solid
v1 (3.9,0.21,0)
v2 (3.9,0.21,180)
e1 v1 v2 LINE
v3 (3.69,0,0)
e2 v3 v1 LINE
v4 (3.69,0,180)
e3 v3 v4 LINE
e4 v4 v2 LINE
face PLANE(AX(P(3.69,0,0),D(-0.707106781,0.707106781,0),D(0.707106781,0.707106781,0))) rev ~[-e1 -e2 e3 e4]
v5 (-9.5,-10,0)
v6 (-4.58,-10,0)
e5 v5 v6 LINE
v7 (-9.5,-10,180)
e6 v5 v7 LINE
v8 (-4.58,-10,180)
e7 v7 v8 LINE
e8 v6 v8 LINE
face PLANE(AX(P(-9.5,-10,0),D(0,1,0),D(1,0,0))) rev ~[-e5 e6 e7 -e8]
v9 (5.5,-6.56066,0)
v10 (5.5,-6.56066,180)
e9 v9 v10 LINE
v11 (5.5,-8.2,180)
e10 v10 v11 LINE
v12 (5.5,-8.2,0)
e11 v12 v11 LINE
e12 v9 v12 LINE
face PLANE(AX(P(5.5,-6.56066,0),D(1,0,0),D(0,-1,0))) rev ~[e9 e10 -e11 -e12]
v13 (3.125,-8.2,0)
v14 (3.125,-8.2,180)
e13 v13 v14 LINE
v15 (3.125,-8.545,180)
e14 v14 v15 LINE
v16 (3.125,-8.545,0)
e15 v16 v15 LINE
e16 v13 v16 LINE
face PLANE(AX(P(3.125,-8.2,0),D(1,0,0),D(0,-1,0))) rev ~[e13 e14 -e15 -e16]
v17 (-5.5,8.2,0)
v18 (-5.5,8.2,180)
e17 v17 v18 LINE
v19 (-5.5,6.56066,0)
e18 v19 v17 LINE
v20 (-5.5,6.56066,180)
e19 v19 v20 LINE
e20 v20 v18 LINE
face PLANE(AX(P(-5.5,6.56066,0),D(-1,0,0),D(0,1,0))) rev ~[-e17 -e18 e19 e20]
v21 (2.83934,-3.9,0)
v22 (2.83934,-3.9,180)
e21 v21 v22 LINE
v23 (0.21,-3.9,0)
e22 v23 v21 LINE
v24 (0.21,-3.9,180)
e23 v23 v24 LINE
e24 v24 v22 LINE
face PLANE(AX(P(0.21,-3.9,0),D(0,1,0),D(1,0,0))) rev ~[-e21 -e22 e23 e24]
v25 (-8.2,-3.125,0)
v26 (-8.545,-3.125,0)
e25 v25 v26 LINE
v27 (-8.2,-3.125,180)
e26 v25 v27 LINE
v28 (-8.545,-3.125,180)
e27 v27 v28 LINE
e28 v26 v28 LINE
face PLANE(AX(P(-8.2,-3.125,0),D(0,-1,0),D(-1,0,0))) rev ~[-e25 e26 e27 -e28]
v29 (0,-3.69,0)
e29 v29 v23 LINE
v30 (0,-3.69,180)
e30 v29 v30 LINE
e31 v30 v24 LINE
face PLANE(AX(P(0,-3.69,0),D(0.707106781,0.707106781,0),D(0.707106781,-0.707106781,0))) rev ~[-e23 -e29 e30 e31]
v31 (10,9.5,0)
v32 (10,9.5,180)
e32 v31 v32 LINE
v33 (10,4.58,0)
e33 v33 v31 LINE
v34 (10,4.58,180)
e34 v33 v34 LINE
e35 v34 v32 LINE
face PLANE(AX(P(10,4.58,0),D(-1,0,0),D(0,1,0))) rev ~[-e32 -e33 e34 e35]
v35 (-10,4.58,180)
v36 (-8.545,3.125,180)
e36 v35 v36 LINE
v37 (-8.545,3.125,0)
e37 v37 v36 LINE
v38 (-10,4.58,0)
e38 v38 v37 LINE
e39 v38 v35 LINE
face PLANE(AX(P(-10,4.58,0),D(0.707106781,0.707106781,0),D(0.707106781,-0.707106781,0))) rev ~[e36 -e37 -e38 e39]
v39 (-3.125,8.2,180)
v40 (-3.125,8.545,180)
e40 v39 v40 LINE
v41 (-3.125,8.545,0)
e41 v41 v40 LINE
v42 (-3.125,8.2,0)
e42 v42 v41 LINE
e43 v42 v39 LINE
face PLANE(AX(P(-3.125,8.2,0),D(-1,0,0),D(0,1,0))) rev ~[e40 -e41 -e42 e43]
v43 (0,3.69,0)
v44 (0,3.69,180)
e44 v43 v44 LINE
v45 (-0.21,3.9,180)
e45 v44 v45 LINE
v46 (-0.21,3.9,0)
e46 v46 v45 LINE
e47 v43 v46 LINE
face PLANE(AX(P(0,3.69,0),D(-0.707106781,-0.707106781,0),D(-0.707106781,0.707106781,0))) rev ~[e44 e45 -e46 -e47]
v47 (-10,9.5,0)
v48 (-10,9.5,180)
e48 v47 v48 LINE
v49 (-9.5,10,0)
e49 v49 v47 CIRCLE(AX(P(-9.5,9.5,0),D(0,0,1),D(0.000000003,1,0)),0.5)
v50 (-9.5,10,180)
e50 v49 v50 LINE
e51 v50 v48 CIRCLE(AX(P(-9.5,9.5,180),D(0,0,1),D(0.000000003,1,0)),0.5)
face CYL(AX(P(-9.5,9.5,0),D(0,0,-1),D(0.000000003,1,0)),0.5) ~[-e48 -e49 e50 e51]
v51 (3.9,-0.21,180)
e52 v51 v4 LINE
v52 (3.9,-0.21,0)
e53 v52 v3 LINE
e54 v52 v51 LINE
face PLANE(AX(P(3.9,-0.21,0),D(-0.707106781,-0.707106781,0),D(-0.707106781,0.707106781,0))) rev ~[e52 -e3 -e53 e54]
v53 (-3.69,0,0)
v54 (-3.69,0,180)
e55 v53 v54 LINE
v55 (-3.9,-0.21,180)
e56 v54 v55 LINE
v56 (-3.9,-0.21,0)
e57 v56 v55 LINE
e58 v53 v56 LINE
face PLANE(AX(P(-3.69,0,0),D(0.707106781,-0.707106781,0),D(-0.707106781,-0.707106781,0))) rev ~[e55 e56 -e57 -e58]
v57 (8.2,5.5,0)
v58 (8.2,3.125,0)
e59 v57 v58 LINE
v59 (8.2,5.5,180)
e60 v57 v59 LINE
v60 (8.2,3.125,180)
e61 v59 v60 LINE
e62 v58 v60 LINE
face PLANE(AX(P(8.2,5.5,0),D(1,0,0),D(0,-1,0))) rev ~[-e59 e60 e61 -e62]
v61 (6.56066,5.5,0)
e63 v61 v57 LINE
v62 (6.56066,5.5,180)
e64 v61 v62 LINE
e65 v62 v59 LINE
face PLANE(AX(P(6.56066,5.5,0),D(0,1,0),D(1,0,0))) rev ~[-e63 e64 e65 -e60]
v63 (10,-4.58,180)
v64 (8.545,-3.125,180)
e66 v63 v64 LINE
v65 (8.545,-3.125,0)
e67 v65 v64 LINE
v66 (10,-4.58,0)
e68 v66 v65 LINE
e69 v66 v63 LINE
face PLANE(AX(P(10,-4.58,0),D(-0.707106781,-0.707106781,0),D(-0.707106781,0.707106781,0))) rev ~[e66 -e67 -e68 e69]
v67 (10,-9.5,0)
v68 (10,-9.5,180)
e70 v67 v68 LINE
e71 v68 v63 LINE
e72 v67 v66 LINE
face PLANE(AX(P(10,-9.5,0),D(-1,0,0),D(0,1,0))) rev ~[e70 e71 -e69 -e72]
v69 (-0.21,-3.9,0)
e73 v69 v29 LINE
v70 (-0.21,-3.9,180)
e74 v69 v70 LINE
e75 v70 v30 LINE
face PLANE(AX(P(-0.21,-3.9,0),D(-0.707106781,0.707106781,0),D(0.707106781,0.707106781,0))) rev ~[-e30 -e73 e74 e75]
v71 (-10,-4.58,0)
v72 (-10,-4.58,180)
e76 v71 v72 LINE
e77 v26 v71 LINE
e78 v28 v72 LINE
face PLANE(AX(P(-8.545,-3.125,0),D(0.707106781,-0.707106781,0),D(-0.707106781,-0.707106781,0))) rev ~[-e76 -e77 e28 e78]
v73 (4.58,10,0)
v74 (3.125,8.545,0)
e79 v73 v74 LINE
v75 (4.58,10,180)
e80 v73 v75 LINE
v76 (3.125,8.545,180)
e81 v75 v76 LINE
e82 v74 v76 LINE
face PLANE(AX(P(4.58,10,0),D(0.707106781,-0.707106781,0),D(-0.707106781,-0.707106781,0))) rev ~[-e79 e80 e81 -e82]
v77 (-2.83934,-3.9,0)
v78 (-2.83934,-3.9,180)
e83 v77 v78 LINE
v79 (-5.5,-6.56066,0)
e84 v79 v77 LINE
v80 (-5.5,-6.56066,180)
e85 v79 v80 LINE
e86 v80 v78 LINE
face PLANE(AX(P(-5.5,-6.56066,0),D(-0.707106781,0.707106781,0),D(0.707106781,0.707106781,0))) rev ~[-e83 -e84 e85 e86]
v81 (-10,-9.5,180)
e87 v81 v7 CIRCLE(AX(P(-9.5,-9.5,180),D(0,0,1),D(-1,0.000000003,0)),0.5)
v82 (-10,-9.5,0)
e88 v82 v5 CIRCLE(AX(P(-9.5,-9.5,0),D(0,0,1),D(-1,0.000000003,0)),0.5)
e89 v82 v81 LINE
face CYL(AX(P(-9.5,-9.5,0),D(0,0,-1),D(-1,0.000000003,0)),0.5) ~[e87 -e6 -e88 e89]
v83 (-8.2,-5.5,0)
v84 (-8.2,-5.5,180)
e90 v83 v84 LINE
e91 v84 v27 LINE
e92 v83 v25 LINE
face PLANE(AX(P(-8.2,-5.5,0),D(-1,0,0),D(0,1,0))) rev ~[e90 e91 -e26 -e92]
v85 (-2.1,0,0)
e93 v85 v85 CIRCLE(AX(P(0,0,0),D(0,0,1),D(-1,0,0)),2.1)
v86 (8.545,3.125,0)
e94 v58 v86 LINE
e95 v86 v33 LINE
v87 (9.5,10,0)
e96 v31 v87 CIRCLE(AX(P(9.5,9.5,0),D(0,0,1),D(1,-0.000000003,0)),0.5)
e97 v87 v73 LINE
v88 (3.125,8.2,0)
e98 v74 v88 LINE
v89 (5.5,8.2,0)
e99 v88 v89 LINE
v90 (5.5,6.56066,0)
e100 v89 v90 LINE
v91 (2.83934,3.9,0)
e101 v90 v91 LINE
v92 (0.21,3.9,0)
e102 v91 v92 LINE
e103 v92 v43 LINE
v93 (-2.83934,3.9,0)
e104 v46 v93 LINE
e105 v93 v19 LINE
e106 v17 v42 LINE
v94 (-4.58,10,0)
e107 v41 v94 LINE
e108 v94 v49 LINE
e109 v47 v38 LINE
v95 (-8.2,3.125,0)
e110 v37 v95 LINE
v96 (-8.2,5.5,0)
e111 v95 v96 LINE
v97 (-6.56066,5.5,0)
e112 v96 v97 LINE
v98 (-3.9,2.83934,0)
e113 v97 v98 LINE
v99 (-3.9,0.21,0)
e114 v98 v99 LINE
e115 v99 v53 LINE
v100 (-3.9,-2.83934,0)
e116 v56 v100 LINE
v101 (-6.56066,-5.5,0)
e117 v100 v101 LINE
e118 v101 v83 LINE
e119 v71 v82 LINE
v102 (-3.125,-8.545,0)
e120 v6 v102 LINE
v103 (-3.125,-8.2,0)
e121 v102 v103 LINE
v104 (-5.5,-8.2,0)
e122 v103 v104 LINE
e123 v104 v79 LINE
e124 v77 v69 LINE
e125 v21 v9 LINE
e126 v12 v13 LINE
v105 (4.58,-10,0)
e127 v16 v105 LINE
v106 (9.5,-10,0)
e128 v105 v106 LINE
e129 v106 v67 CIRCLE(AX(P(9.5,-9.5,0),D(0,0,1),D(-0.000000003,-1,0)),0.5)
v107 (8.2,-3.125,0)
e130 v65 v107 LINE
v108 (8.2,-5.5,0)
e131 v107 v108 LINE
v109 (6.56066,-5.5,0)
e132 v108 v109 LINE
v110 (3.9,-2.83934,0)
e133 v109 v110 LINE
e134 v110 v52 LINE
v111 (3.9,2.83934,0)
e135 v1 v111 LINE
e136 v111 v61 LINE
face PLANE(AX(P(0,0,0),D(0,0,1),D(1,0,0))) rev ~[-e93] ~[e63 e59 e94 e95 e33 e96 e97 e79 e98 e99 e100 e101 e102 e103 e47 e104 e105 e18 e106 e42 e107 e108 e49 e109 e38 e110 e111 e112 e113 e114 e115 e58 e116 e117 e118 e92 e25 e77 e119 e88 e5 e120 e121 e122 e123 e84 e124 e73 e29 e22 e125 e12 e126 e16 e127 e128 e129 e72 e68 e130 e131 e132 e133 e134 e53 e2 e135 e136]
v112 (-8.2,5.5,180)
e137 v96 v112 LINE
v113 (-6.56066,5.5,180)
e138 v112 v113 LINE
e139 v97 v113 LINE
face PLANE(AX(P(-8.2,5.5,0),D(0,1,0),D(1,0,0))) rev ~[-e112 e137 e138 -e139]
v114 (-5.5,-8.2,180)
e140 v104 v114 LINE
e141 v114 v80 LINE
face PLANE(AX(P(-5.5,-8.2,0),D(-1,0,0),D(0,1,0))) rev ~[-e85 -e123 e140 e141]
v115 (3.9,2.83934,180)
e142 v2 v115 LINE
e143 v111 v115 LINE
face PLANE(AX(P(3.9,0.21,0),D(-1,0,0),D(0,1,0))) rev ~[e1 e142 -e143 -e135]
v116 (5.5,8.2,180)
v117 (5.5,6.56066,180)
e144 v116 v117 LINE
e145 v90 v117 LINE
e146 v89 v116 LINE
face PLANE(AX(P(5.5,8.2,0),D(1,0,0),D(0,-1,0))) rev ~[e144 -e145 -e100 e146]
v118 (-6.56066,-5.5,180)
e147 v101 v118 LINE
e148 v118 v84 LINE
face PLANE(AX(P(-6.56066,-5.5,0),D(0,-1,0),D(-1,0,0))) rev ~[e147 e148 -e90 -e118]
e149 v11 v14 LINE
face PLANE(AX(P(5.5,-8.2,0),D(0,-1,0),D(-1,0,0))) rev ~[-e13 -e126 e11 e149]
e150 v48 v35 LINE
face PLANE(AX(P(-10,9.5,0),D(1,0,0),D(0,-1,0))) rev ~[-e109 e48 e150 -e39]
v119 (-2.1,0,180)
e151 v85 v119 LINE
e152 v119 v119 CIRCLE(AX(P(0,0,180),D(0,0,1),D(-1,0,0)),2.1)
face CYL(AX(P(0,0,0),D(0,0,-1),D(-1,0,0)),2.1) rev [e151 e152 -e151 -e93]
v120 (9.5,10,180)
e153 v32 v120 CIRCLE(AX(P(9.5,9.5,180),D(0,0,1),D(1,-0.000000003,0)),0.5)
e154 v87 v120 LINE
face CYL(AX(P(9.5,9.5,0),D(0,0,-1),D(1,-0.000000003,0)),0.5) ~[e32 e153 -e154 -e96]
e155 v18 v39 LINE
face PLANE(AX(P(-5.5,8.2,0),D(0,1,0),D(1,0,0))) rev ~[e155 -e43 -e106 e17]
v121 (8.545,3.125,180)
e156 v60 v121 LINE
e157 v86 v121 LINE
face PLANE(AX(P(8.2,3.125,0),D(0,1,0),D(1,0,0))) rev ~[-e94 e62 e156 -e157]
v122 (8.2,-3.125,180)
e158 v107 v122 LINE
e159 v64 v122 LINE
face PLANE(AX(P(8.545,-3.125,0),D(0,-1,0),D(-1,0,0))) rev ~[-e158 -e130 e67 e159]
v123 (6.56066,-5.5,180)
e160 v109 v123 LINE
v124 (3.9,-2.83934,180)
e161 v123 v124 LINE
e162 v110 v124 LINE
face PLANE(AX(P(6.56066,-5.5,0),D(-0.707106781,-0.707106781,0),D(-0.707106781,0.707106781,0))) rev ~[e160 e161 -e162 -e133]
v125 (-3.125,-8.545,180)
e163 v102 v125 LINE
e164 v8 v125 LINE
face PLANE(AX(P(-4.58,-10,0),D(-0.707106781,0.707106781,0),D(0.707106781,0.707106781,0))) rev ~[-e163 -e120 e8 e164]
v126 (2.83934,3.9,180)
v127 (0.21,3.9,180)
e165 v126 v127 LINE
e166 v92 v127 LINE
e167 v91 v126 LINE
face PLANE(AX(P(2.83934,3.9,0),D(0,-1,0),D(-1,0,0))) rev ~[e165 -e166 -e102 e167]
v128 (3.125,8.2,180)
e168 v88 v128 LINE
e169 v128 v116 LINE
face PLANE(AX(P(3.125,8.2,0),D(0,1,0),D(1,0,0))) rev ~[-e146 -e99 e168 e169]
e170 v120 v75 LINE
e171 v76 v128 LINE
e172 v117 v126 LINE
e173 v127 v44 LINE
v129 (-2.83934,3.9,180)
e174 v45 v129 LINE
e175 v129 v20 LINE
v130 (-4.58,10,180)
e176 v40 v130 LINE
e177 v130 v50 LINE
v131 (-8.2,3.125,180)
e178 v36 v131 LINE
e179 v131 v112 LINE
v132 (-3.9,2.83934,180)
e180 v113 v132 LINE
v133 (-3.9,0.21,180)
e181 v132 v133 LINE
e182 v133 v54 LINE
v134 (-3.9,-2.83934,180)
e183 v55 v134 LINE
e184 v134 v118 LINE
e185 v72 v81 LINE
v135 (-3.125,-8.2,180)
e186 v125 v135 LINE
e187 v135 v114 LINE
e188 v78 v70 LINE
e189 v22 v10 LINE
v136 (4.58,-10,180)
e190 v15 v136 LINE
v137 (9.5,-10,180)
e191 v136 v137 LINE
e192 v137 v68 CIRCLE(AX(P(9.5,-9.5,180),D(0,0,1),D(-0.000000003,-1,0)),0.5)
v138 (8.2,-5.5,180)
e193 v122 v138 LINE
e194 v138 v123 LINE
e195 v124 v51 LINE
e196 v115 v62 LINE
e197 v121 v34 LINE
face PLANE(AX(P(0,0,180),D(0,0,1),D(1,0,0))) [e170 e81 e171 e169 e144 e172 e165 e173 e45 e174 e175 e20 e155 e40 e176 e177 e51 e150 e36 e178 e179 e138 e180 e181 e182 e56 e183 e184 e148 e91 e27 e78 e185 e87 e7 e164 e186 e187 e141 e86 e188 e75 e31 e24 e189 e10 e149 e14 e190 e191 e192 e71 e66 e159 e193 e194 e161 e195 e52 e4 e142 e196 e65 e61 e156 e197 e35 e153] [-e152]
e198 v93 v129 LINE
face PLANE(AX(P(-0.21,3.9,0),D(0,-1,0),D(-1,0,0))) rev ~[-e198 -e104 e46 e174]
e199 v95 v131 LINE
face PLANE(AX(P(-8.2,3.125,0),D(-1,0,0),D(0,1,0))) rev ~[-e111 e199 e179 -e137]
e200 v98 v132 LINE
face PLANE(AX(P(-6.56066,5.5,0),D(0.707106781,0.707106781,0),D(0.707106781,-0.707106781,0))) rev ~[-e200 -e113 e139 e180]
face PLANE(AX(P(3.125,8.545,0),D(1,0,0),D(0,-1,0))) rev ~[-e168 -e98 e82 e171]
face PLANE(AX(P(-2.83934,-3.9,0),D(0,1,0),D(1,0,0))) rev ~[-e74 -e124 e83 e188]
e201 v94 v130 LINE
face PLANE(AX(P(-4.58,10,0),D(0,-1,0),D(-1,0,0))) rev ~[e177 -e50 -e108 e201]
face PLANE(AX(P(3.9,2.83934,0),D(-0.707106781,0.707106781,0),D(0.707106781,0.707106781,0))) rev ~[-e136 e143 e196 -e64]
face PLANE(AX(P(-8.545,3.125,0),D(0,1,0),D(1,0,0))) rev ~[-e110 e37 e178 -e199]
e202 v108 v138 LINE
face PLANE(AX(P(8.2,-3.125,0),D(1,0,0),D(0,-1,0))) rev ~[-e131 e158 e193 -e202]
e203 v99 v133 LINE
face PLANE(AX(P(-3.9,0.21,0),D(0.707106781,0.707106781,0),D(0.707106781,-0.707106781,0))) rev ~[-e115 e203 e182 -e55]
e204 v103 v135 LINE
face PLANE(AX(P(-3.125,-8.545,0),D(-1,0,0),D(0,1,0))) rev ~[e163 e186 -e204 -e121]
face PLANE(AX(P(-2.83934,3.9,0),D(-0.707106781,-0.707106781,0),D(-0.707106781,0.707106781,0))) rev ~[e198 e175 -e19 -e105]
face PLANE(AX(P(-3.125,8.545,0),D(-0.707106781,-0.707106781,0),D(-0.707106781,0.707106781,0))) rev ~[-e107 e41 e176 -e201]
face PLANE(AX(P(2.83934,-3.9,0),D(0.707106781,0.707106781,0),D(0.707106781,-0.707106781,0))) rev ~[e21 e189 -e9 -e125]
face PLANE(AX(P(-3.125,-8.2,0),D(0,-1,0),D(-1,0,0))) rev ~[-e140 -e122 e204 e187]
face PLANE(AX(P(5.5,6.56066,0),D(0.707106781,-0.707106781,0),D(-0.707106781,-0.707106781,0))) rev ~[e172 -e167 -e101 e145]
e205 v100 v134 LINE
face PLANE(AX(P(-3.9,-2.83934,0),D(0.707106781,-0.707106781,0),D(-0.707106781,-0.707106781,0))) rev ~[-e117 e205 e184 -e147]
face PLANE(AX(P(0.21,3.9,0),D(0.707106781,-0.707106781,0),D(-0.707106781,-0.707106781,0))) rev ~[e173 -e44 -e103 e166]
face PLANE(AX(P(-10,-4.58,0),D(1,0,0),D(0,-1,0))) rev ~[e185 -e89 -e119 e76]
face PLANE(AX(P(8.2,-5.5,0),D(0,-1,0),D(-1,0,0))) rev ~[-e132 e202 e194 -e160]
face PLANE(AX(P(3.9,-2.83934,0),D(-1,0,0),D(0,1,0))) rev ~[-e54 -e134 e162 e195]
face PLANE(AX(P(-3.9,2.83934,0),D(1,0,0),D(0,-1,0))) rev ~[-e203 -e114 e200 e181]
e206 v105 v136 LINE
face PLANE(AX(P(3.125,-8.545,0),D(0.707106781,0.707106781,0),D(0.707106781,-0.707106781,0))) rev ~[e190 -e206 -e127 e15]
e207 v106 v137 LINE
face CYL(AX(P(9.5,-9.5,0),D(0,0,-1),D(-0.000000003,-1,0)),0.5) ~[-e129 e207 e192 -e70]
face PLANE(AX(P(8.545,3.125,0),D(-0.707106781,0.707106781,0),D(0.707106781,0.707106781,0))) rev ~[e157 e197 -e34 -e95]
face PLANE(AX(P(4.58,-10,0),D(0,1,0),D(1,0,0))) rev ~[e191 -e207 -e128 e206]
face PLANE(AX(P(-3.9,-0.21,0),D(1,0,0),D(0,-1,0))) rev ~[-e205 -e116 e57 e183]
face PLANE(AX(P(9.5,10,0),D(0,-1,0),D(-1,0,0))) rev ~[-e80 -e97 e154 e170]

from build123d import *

# Parameters (mm, degrees)
SKETCH1_R           = 2.1
BOSS_EXTRUDE1_DEPTH = 180


with BuildPart() as part:
    # Sketch1 → Boss-Extrude1 (new body)
    with BuildSketch(Plane.XY):
        with BuildLine():
            Line((4.58, -10), (9.5, -10))
            ThreePointArc((9.5, -10), (9.853553391, -9.853553391), (10, -9.5))
            Line((10, -9.5), (10, -4.58))
            Line((10, -4.58), (8.545, -3.125))
            Line((8.545, -3.125), (8.2, -3.125))
            Line((8.2, -3.125), (8.2, -5.5))
            Line((8.2, -5.5), (6.560660172, -5.5))
            Line((6.560660172, -5.5), (3.9, -2.839339828))
            Line((3.9, -2.839339828), (3.9, -0.21))
            Line((3.9, -0.21), (3.69, 0))
            Line((3.69, 0), (3.9, 0.21))
            Line((3.9, 0.21), (3.9, 2.839339828))
            Line((3.9, 2.839339828), (6.560660172, 5.5))
            Line((6.560660172, 5.5), (8.2, 5.5))
            Line((8.2, 5.5), (8.2, 3.125))
            Line((8.2, 3.125), (8.545, 3.125))
            Line((8.545, 3.125), (10, 4.58))
            Line((10, 4.58), (10, 9.5))
            ThreePointArc((10, 9.5), (9.853553391, 9.853553391), (9.5, 10))
            Line((9.5, 10), (4.58, 10))
            Line((4.58, 10), (3.125, 8.545))
            Line((3.125, 8.545), (3.125, 8.2))
            Line((3.125, 8.2), (5.5, 8.2))
            Line((5.5, 8.2), (5.5, 6.560660172))
            Line((5.5, 6.560660172), (2.839339828, 3.9))
            Line((2.839339828, 3.9), (0.21, 3.9))
            Line((0.21, 3.9), (0, 3.69))
            Line((0, 3.69), (-0.21, 3.9))
            Line((-0.21, 3.9), (-2.839339828, 3.9))
            Line((-2.839339828, 3.9), (-5.5, 6.560660172))
            Line((-5.5, 6.560660172), (-5.5, 8.2))
            Line((-5.5, 8.2), (-3.125, 8.2))
            Line((-3.125, 8.2), (-3.125, 8.545))
            Line((-3.125, 8.545), (-4.58, 10))
            Line((-4.58, 10), (-9.5, 10))
            ThreePointArc((-9.5, 10), (-9.853553391, 9.853553391), (-10, 9.5))
            Line((-10, 9.5), (-10, 4.58))
            Line((-10, 4.58), (-8.545, 3.125))
            Line((-8.545, 3.125), (-8.2, 3.125))
            Line((-8.2, 3.125), (-8.2, 5.5))
            Line((-8.2, 5.5), (-6.560660172, 5.5))
            Line((-6.560660172, 5.5), (-3.9, 2.839339828))
            Line((-3.9, 2.839339828), (-3.9, 0.21))
            Line((-3.9, 0.21), (-3.69, 0))
            Line((-3.69, 0), (-3.9, -0.21))
            Line((-3.9, -0.21), (-3.9, -2.839339828))
            Line((-3.9, -2.839339828), (-6.560660172, -5.5))
            Line((-6.560660172, -5.5), (-8.2, -5.5))
            Line((-8.2, -5.5), (-8.2, -3.125))
            Line((-8.2, -3.125), (-8.545, -3.125))
            Line((-8.545, -3.125), (-10, -4.58))
            Line((-10, -4.58), (-10, -9.5))
            ThreePointArc((-10, -9.5), (-9.853553391, -9.853553391), (-9.5, -10))
            Line((-9.5, -10), (-4.58, -10))
            Line((-4.58, -10), (-3.125, -8.545))
            Line((-3.125, -8.545), (-3.125, -8.2))
            Line((-3.125, -8.2), (-5.5, -8.2))
            Line((-5.5, -8.2), (-5.5, -6.560660172))
            Line((-5.5, -6.560660172), (-2.839339828, -3.9))
            Line((-2.839339828, -3.9), (-0.21, -3.9))
            Line((-0.21, -3.9), (0, -3.69))
            Line((0, -3.69), (0.21, -3.9))
            Line((0.21, -3.9), (2.839339828, -3.9))
            Line((2.839339828, -3.9), (5.5, -6.560660172))
            Line((5.5, -6.560660172), (5.5, -8.2))
            Line((5.5, -8.2), (3.125, -8.2))
            Line((3.125, -8.2), (3.125, -8.545))
            Line((3.125, -8.545), (4.58, -10))
        make_face()
        with Locations(Location((0, 0, 0), (0, 0, 180))):
            Circle(SKETCH1_R, mode=Mode.SUBTRACT)
    extrude(amount=BOSS_EXTRUDE1_DEPTH)


solid = part.part
